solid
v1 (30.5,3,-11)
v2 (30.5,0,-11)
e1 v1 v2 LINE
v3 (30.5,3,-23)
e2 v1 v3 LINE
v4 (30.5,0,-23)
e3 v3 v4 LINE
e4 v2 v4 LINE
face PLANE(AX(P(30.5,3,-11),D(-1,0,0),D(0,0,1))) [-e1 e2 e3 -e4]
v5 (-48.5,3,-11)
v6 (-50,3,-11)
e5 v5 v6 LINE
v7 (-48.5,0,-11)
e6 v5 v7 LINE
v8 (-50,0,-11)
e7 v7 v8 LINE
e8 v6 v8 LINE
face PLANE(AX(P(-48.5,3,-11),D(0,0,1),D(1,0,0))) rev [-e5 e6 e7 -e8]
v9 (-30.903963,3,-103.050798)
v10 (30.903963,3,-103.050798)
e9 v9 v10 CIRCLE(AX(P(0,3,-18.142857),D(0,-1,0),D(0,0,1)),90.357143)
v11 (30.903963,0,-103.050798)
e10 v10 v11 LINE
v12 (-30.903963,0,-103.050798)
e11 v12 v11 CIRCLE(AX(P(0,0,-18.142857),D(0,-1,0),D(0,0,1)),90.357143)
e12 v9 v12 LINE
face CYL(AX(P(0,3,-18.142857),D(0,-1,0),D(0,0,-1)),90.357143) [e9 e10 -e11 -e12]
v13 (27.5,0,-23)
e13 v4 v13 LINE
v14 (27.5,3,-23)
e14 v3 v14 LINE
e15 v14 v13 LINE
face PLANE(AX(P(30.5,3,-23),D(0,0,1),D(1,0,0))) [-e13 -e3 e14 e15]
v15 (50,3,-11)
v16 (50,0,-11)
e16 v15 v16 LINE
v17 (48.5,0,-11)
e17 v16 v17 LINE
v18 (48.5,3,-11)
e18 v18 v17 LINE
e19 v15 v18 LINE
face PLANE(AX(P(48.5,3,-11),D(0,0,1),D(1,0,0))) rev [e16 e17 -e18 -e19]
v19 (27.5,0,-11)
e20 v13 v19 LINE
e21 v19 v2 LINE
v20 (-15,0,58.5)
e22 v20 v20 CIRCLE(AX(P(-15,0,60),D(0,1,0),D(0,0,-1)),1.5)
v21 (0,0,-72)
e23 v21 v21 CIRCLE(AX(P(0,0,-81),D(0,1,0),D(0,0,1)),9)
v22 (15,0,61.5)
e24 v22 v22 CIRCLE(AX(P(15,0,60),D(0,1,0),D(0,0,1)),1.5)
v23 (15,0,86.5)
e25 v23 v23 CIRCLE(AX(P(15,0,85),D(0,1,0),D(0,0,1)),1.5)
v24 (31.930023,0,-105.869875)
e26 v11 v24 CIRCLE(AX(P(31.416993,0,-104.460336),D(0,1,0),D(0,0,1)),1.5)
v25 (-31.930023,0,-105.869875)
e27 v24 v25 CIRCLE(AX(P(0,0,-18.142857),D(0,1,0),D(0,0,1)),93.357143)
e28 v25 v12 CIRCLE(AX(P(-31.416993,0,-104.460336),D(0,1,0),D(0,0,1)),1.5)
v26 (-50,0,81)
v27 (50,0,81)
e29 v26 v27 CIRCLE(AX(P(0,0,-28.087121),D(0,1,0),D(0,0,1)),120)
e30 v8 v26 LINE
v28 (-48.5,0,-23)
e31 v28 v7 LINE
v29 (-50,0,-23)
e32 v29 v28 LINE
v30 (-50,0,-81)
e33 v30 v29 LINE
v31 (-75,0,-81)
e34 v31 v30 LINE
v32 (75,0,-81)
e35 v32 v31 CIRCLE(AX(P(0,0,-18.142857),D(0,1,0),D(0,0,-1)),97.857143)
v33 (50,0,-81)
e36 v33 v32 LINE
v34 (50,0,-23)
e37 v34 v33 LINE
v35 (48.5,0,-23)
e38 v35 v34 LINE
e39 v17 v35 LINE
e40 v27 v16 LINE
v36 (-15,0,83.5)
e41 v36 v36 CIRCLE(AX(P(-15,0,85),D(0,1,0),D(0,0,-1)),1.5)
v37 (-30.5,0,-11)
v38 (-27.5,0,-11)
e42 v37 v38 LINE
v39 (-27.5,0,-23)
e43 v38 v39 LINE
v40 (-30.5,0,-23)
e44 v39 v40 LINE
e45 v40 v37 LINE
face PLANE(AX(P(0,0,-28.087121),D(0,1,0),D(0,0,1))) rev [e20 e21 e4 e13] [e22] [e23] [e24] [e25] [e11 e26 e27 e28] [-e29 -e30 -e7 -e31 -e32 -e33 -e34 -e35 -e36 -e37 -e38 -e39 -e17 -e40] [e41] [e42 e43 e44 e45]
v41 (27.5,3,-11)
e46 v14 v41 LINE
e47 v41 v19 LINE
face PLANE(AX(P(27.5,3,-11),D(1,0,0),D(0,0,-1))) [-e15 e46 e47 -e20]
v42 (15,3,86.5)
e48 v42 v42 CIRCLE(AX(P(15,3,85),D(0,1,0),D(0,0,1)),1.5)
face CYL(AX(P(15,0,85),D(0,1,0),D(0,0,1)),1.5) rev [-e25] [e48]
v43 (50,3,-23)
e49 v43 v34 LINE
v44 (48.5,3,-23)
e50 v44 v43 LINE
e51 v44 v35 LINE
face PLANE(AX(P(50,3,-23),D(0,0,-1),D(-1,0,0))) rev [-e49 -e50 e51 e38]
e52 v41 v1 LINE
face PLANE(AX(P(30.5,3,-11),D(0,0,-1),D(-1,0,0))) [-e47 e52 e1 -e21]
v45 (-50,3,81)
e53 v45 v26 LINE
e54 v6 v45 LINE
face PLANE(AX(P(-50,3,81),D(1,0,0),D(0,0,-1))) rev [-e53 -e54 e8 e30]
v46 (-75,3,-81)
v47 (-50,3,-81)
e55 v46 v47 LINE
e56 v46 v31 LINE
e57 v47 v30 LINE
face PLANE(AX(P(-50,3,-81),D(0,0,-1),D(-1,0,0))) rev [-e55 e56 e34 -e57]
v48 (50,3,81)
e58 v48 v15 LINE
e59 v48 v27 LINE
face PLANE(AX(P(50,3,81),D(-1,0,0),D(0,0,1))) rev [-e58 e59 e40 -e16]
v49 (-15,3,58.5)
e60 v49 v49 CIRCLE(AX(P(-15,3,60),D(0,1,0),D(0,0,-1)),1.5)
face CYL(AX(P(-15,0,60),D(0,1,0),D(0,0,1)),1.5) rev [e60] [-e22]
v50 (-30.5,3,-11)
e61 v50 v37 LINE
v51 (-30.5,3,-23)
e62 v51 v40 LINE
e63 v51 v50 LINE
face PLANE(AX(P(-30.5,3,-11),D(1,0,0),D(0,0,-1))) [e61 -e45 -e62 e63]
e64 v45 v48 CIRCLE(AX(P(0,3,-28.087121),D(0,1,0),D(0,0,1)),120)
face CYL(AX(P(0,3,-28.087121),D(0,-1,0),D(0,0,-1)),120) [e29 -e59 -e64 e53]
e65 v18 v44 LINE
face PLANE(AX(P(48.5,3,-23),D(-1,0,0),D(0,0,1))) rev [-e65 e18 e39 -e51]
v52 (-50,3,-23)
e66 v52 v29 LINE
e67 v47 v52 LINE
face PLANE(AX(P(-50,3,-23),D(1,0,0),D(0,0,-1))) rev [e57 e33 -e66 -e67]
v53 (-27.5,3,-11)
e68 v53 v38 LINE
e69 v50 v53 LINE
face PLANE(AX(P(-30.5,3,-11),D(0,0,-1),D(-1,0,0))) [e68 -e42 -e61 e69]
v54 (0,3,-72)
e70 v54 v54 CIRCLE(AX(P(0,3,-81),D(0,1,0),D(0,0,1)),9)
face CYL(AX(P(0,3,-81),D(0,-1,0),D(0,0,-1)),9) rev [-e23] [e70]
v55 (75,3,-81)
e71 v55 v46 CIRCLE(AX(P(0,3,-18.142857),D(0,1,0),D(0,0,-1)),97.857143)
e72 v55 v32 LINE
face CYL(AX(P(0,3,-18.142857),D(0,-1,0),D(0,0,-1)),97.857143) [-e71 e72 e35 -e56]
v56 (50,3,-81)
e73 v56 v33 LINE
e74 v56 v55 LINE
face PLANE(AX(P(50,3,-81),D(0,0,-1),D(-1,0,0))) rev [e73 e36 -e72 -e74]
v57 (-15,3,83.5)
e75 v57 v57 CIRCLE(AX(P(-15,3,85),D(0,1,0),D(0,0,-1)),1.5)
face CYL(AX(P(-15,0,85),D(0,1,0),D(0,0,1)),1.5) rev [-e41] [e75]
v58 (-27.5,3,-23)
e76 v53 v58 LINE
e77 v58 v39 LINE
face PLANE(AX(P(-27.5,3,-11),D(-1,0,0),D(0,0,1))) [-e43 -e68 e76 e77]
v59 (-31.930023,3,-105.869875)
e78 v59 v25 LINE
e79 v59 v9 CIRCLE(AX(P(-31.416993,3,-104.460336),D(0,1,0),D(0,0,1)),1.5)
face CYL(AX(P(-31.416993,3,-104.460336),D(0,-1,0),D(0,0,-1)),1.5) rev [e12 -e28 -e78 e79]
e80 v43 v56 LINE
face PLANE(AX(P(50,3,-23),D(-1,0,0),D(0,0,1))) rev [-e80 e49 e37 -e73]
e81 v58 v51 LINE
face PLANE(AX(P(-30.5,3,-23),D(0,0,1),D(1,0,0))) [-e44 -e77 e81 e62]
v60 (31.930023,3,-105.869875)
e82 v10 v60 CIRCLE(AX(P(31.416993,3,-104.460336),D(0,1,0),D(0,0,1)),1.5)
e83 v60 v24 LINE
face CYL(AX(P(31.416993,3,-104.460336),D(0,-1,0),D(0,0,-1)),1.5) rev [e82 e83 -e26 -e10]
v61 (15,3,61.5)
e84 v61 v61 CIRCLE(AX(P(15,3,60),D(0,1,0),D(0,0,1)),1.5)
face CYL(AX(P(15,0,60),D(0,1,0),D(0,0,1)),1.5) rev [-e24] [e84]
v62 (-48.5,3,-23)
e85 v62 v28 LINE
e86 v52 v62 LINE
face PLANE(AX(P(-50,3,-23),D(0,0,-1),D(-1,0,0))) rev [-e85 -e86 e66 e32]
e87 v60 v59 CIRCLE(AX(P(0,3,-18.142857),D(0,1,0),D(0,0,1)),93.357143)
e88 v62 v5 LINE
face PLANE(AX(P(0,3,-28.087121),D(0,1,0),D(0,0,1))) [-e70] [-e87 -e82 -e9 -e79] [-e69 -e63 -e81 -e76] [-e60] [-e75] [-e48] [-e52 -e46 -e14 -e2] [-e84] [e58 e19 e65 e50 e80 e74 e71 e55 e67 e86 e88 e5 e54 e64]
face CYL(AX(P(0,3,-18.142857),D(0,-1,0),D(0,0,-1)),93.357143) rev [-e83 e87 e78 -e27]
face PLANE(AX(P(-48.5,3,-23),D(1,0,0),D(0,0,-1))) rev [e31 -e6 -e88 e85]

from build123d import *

# Parameters (mm, degrees)
SKETCH1_R           = 9
SKETCH1_W           = 3
SKETCH1_H           = 12
BOSS_EXTRUDE1_DEPTH = 3
SKETCH2_R           = 1.5
CUT_EXTRUDE1_DEPTH  = 139.166566144


with BuildPart() as part:
    # Sketch1 → Boss-Extrude1 (new body)
    with BuildSketch(Plane(origin=(0, 0, 0), x_dir=(1, 0, 0), z_dir=(0, 1, 0))):
        with BuildLine():
            Line((50, -81), (50, 11))
            Line((50, 11), (48.5, 11))
            Line((48.5, 11), (48.5, 23))
            Line((48.5, 23), (50, 23))
            Line((50, 23), (50, 81))
            Line((50, 81), (75, 81))
            ThreePointArc((75, 81), (0, 116), (-75, 81))
            Line((-75, 81), (-50, 81))
            Line((-50, 81), (-50, 23))
            Line((-50, 23), (-48.5, 23))
            Line((-48.5, 23), (-48.5, 11))
            Line((-48.5, 11), (-50, 11))
            Line((-50, 11), (-50, -81))
            ThreePointArc((-50, -81), (0, -91.912878854), (50, -81))
        make_face()
        with Locations(Location((0, 81, 0), (0, 0, 270))):
            Circle(SKETCH1_R, mode=Mode.SUBTRACT)
        with Locations((-29, 17)):
            Rectangle(SKETCH1_W, SKETCH1_H, mode=Mode.SUBTRACT)
        with Locations((29, 17)):
            Rectangle(SKETCH1_W, SKETCH1_H, mode=Mode.SUBTRACT)
        with BuildLine():
            ThreePointArc((31.93002338, 105.869875383), (0, 111.5), (-31.93002338, 105.869875383))
            ThreePointArc((-31.93002338, 105.869875383), (-32.826532097, 103.947306237), (-30.90396295, 103.050797521))
            ThreePointArc((-30.90396295, 103.050797521), (0, 108.5), (30.90396295, 103.050797521))
            ThreePointArc((30.90396295, 103.050797521), (32.826532097, 103.947306237), (31.93002338, 105.869875383))
        make_face(mode=Mode.SUBTRACT)
    extrude(amount=BOSS_EXTRUDE1_DEPTH)

    # Sketch2 → Cut-Extrude1 (cut, through all)
    with BuildSketch(Plane(origin=(0, 3, 0), x_dir=(1, 0, 0), z_dir=(0, 1, 0))):
        with Locations(Location((15, -60, 0), (0, 0, 270))):
            Circle(SKETCH2_R)
        with Locations(Location((15, -85, 0), (0, 0, 270))):
            Circle(SKETCH2_R)
        with Locations(Location((-15, -85, 0), (0, 0, 90))):
            Circle(SKETCH2_R)
        with Locations(Location((-15, -60, 0), (0, 0, 90))):
            Circle(SKETCH2_R)
    extrude(amount=-CUT_EXTRUDE1_DEPTH, mode=Mode.SUBTRACT)


solid = part.part
